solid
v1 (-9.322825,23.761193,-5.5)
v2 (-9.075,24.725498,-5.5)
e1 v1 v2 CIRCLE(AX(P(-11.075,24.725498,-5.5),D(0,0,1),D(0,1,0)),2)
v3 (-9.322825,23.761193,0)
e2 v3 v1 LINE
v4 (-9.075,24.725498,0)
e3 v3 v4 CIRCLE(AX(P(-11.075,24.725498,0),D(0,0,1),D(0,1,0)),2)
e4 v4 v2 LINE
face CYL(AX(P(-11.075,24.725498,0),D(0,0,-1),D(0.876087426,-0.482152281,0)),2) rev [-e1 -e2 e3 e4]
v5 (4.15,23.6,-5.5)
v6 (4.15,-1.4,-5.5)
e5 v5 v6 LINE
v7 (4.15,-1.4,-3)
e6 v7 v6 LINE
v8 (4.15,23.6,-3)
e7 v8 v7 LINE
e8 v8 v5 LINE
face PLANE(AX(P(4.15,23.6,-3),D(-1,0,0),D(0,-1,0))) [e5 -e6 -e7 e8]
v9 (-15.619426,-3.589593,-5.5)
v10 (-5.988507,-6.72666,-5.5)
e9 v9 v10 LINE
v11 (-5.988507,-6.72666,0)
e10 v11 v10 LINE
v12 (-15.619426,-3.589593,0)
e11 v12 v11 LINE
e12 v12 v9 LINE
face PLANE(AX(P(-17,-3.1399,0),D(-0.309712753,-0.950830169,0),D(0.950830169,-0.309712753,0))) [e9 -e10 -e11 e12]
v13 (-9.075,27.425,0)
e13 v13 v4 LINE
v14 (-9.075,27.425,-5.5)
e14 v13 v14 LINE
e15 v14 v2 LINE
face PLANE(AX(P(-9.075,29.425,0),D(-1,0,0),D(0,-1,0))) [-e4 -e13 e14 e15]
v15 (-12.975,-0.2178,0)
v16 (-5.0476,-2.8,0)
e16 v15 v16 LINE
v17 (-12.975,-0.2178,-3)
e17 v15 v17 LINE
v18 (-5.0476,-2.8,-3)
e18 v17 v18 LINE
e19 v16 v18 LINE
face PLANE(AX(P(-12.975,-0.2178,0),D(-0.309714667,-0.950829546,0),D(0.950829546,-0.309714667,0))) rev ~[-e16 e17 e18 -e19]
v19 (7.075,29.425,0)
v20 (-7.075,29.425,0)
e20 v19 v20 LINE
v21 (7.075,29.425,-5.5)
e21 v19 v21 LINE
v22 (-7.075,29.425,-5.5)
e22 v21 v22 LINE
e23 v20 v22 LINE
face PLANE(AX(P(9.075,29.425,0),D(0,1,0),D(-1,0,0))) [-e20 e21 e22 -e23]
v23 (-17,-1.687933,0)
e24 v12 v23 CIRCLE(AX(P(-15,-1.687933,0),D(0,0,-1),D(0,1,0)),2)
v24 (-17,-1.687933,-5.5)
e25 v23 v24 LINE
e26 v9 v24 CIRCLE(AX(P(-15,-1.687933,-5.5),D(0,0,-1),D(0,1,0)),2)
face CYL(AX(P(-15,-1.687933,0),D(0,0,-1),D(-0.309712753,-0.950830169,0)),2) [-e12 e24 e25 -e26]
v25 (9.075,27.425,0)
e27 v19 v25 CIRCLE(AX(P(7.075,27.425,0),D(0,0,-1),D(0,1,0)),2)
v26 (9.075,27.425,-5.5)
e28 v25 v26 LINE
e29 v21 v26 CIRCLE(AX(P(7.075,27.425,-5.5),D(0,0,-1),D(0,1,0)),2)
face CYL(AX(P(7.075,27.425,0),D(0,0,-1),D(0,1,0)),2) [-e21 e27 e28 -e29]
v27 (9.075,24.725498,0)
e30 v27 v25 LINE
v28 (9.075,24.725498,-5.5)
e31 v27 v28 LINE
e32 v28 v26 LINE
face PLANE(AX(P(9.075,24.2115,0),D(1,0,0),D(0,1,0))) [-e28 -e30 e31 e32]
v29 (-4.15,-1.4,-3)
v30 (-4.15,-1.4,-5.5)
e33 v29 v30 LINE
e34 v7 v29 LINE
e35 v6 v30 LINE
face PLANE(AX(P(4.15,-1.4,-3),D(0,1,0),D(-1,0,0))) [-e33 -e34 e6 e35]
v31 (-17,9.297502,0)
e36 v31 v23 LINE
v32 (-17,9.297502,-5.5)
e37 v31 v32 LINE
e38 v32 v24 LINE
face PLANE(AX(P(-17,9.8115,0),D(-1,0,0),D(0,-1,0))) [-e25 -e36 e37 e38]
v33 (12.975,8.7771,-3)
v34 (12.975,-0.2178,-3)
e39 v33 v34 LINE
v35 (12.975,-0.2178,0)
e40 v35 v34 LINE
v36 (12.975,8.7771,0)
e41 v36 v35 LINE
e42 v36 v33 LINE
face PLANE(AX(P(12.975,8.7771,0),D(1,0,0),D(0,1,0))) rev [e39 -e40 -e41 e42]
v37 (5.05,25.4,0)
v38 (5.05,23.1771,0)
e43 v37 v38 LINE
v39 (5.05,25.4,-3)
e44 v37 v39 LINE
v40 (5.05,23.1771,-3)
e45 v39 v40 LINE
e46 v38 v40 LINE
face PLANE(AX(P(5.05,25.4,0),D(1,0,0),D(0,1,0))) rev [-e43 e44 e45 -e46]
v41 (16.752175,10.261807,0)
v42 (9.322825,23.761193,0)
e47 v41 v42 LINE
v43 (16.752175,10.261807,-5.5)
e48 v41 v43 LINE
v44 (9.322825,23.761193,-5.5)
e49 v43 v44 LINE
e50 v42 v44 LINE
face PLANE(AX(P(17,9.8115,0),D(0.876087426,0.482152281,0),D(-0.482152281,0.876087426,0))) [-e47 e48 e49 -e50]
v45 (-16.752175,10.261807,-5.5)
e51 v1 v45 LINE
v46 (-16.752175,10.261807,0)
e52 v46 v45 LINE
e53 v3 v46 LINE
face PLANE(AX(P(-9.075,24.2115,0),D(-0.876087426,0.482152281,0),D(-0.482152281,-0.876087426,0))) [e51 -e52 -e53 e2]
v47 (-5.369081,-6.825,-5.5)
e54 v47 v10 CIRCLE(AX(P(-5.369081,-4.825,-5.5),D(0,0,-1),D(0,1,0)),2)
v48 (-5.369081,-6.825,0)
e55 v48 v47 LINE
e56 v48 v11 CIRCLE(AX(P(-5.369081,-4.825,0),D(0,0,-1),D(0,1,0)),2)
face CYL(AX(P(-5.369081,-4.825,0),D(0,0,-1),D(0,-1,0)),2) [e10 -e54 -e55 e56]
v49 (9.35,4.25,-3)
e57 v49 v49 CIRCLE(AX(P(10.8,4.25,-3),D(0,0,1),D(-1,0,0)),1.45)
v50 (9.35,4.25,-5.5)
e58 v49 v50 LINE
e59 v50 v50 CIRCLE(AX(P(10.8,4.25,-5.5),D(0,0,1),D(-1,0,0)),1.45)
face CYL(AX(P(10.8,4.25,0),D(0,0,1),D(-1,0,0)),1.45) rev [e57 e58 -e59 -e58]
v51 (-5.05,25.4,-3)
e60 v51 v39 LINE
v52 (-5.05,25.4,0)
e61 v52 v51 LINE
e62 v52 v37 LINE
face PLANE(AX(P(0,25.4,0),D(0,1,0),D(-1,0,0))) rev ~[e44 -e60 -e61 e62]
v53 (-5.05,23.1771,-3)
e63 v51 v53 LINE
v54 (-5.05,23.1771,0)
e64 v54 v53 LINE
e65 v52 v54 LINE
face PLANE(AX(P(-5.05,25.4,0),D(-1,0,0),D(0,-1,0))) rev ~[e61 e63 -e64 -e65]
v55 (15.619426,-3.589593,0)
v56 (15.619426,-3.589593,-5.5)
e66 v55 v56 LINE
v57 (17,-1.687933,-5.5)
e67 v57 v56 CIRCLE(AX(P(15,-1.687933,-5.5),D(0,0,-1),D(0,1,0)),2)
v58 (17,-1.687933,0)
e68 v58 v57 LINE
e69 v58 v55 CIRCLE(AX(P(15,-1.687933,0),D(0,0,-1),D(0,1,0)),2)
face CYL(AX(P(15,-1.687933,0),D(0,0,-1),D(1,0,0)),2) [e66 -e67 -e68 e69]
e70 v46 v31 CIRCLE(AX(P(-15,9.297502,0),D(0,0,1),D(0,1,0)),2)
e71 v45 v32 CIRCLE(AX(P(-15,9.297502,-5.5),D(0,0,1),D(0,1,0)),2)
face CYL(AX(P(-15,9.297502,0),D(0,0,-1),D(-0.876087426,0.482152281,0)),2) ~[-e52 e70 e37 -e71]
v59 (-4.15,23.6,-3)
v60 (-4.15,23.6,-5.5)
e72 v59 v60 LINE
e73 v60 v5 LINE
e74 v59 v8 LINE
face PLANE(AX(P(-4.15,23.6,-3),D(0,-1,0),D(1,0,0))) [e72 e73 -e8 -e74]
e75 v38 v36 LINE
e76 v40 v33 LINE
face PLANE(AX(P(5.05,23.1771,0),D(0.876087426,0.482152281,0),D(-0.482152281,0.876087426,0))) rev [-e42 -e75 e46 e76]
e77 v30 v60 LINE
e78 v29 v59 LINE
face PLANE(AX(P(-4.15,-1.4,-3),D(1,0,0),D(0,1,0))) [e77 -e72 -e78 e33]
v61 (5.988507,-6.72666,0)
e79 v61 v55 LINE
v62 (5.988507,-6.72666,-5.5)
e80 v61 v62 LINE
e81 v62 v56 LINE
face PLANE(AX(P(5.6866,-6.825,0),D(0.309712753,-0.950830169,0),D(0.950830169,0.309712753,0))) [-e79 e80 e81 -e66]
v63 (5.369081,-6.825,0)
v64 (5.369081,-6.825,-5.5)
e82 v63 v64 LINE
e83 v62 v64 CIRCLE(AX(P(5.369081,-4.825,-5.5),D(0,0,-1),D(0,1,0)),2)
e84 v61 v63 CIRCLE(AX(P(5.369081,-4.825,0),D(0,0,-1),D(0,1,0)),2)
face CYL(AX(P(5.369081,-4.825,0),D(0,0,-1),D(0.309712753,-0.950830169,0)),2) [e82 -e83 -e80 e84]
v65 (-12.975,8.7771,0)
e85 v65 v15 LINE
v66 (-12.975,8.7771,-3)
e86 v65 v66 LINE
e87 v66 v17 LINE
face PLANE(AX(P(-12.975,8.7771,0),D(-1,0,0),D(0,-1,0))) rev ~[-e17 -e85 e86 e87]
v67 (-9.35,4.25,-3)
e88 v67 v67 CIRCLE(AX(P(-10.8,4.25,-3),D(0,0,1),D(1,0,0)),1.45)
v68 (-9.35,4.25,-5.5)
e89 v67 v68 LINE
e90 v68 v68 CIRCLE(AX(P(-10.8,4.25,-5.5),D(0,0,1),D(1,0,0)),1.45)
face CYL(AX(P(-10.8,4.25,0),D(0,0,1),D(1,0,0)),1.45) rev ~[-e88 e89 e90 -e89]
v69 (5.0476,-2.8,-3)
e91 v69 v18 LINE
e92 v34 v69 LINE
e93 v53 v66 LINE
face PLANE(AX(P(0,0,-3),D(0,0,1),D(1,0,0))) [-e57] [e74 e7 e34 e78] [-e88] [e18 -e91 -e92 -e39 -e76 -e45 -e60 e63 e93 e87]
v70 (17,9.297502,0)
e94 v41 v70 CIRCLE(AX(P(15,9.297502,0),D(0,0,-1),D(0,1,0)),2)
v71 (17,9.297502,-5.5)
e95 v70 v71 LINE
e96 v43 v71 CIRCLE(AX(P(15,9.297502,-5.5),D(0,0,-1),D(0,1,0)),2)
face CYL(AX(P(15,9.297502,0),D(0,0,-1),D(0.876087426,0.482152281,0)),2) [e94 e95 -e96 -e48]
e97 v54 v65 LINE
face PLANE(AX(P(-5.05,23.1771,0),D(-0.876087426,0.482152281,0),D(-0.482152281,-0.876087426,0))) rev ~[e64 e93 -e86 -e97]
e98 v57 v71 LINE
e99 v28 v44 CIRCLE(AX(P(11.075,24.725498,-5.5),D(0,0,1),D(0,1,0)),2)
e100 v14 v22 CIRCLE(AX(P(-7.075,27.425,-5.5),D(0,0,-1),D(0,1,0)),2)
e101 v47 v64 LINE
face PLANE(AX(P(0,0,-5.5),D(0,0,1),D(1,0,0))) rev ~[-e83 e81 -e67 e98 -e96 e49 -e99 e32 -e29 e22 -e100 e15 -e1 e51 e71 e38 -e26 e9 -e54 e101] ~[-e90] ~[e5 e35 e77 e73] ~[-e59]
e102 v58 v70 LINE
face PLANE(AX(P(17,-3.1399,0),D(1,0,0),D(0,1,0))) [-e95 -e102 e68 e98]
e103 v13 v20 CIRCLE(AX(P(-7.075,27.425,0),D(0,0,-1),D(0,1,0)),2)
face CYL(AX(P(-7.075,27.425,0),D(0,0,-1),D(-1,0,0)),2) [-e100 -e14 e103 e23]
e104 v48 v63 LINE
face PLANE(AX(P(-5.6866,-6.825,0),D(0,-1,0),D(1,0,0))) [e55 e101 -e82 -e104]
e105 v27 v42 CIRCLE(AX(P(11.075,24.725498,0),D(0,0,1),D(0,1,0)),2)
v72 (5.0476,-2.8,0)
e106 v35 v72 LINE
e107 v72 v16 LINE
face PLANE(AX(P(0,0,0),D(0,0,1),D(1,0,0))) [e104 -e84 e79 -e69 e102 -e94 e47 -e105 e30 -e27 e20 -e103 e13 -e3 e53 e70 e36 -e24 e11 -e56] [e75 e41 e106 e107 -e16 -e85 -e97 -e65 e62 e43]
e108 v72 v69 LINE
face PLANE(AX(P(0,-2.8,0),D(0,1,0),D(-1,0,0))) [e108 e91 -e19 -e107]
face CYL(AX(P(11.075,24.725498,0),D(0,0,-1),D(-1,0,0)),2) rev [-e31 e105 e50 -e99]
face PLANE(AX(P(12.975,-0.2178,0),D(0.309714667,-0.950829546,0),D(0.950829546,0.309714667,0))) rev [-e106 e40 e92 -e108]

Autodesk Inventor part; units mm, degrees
ref_plane "YZ Plane" through (0, 0, 0) normal (1, 0, 0) x (0, 1, 0)
ref_plane "XZ Plane" through (0, 0, 0) normal (0, 1, 0) x (-1, 0, 0)
ref_plane "XY Plane" through (0, 0, 0) normal (0, 0, 1) x (1, 0, 0)
sketch "Sketch1" plane through (0, 0, 0) normal (0, 0, 1) x (1, 0, 0)
  line L0 (-5, -2.5) -> (5, -2.5) construction
  line L1 (5, -2.5) -> (12.675, 0) construction
  line L2 (-5, -2.5) -> (-12.675, 0)
  line L3 (12.675, 0) -> (-12.675, 0) construction
  line L4 (12.675, 0) -> (12.675, 8.7) construction
  line L5 (-12.675, 0) -> (-12.675, 8.7)
  line L6 (-12.675, 8.7) -> (-4.75, 23.1)
  line L7 (-4.75, 23.1) -> (-4.75, 25.1)
  line L8 (-4.75, 25.1) -> (4.75, 25.1) construction
  line L9 (4.75, 25.1) -> (4.75, 23.1) construction
  line L10 (4.75, 23.1) -> (12.675, 8.7) construction
  line L11 (0, -8.44) -> (0, 31.04) projected
  line L12 (0, 25.1) -> (0, -2.5)
  circle A0 centre (-10.8, 4.25) radius 1.25
  line L13 (-10.8, 4.25) -> (0, 4.25) construction
  line L14 (-4.75, 25.1) -> (0, 25.1)
  line L15 (-5, -2.5) -> (0, -2.5)
  line L16 (-5.05, 23.1771) -> (-12.975, 8.7771)
  line L17 (-12.975, 8.7771) -> (-12.975, -0.2178)
  line L18 (-12.975, -0.2178) -> (-5.0476, -2.8)
  line L19 (-5.0476, -2.8) -> (0.3, -2.8) construction
  line L20 (0.3, -2.8) -> (0.3, 25.4) construction
  line L21 (0.3, 25.4) -> (-5.05, 25.4) construction
  line L22 (-5.05, 25.4) -> (-5.05, 23.1771)
  line L23 (0, -2.5) -> (0, -2.8)
  line L24 (0, 25.1) -> (0, 25.4)
  line L25 (0, -2.8) -> (-5.0476, -2.8)
  line L26 (0, 25.4) -> (-5.05, 25.4)
  point P0 (0, 0)
  point P1 (0, 0)
  dimension "d0" = 10
  dimension "d1" = 25.35
  dimension "d2" = 2.5
  dimension "d3" = 8.7
  dimension "d4" = 27.6
  dimension "d6" = 2
  dimension "d7" = 9.5
  dimension "d42" = 2.5
  dimension "d43" = 10.8
  dimension "d44" = 6.75
  dimension "d53" = 0.3
sketch "Sketch8" plane through (0, 0, 0) normal (0, 0, 1) x (1, 0, 0)
  line L0 (-20, 30) -> (20, 30)
  line L1 (20, 30) -> (20, -10)
  line L2 (20, -10) -> (-20, -10)
  line L3 (-20, -10) -> (-20, 30)
  point P0 (0, 0)
  point P1 (0, -10)
  dimension "d45" = 40
  dimension "d46" = 10
extrude "MainBlock" add sketch "Sketch8" against normal blind 5.5
extrude "CartridgeCutout" cut sketch "Sketch1" against normal blind 3
sketch "Sketch10" plane through (-10.8, 4.25, 0) normal (0, 0, 1) x (1, 0, 0)
  circle A0 centre (0, 0) radius 1.25 projected
  circle A1 centre (0, 0) radius 1.45
  point P0 (10.8, -4.25)
  dimension "d56" = 0.2
extrude "PinHole" cut sketch "Sketch10" against normal through all contours A0 | A1
mirror "Mirror3" about plane through (0, 25.4, 0) normal (-1, 0, 0) of "CartridgeCutout", "PinHole"
sketch "Sketch12" plane through (0, 0, -3) normal (0, 0, 1) x (1, 0, 0)
  circle A0 centre (10.8, 4.25) radius 1.45 projected
  circle A1 centre (-10.8, 4.25) radius 1.45 projected
  line L0 (5.05, 25.4) -> (-5.05, 25.4) projected
  line L1 (-5.05, 23.1771) -> (-5.05, 25.4) projected
  line L2 (-12.975, 8.7771) -> (-5.05, 23.1771) projected
  line L3 (-12.975, -0.2178) -> (-12.975, 8.7771) projected
  line L4 (-5.0476, -2.8) -> (-12.975, -0.2178) projected
  line L5 (5.0476, -2.8) -> (-5.0476, -2.8) projected
  line L6 (5.0476, -2.8) -> (12.975, -0.2178) projected
  line L7 (12.975, -0.2178) -> (12.975, 8.7771) projected
  line L8 (12.975, 8.7771) -> (5.05, 23.1771) projected
  line L9 (5.05, 23.1771) -> (5.05, 25.4) projected
  line L10 (-4.15, 23.6) -> (4.15, 23.6)
  line L11 (4.15, 23.6) -> (4.15, -1.4)
  line L12 (4.15, -1.4) -> (-4.15, -1.4)
  line L13 (-4.15, -1.4) -> (-4.15, 23.6)
  point P0 (0, 0)
  point P1 (0, -1.4)
  dimension "d59" = 8.3
  dimension "d60" = 25
  dimension "d61" = 1.4
extrude "Extrusion12" cut sketch "Sketch12" against normal through all contours L10 L11 L12 L13
sketch "Sketch13" plane through (0, 0, 0) normal (0, 0, 1) x (1, 0, 0)
  line L0 (-5.05, 25.4) -> (5.05, 25.4) projected
  line L1 (5.05, 25.4) -> (5.05, 23.1771) projected
  line L2 (5.05, 23.1771) -> (12.975, 8.7771) projected
  line L3 (12.975, 8.7771) -> (12.975, -0.2178) projected
  line L4 (12.975, -0.2178) -> (5.0476, -2.8) projected
  line L5 (5.0476, -2.8) -> (-5.0476, -2.8) projected
  line L6 (-5.0476, -2.8) -> (-12.975, -0.2178) projected
  line L7 (-12.975, -0.2178) -> (-12.975, 8.7771) projected
  line L8 (-12.975, 8.7771) -> (-5.05, 23.1771) projected
  line L9 (-5.05, 23.1771) -> (-5.05, 25.4) projected
  line L10 (-20, 30) -> (20, 30) projected
  line L11 (-20, -10) -> (-20, 30) projected
  line L12 (20, -10) -> (-20, -10) projected
  line L13 (20, 30) -> (20, -10) projected
  line L14 (-17, 9.8115) -> (-17, -3.1399)
  line L15 (-17, -3.1399) -> (-5.6866, -6.825)
  line L16 (-5.6866, -6.825) -> (5.6866, -6.825)
  line L17 (5.6866, -6.825) -> (17, -3.1399)
  line L18 (17, -3.1399) -> (17, 9.8115)
  line L19 (17, 9.8115) -> (9.075, 24.2115)
  line L20 (9.075, 24.2115) -> (9.075, 29.425)
  line L21 (9.075, 29.425) -> (-9.075, 29.425)
  line L22 (-9.075, 29.425) -> (-9.075, 24.2115)
  line L23 (-9.075, 24.2115) -> (-17, 9.8115)
  point P0 (0, 0)
  dimension "d65" = 4.025
extrude "Extrusion13" cut sketch "Sketch13" against normal through all contours L10 L13 L12 L11
fillet "Fillet2" radius 2 10 edges at (-9.075, 29.425, -2.75) (9.075, 29.425, -2.75) (9.075, 24.2115, -2.75) (17, 9.8115, -2.75) (17, -3.1399, -2.75) (5.6866, -6.825, -2.75) (-5.6866, -6.825, -2.75) (-17, -3.1399, -2.75) (-9.075, 24.2115, -2.75) (-17, 9.8115, -2.75)
properties part number "InkjetHolderV2"
